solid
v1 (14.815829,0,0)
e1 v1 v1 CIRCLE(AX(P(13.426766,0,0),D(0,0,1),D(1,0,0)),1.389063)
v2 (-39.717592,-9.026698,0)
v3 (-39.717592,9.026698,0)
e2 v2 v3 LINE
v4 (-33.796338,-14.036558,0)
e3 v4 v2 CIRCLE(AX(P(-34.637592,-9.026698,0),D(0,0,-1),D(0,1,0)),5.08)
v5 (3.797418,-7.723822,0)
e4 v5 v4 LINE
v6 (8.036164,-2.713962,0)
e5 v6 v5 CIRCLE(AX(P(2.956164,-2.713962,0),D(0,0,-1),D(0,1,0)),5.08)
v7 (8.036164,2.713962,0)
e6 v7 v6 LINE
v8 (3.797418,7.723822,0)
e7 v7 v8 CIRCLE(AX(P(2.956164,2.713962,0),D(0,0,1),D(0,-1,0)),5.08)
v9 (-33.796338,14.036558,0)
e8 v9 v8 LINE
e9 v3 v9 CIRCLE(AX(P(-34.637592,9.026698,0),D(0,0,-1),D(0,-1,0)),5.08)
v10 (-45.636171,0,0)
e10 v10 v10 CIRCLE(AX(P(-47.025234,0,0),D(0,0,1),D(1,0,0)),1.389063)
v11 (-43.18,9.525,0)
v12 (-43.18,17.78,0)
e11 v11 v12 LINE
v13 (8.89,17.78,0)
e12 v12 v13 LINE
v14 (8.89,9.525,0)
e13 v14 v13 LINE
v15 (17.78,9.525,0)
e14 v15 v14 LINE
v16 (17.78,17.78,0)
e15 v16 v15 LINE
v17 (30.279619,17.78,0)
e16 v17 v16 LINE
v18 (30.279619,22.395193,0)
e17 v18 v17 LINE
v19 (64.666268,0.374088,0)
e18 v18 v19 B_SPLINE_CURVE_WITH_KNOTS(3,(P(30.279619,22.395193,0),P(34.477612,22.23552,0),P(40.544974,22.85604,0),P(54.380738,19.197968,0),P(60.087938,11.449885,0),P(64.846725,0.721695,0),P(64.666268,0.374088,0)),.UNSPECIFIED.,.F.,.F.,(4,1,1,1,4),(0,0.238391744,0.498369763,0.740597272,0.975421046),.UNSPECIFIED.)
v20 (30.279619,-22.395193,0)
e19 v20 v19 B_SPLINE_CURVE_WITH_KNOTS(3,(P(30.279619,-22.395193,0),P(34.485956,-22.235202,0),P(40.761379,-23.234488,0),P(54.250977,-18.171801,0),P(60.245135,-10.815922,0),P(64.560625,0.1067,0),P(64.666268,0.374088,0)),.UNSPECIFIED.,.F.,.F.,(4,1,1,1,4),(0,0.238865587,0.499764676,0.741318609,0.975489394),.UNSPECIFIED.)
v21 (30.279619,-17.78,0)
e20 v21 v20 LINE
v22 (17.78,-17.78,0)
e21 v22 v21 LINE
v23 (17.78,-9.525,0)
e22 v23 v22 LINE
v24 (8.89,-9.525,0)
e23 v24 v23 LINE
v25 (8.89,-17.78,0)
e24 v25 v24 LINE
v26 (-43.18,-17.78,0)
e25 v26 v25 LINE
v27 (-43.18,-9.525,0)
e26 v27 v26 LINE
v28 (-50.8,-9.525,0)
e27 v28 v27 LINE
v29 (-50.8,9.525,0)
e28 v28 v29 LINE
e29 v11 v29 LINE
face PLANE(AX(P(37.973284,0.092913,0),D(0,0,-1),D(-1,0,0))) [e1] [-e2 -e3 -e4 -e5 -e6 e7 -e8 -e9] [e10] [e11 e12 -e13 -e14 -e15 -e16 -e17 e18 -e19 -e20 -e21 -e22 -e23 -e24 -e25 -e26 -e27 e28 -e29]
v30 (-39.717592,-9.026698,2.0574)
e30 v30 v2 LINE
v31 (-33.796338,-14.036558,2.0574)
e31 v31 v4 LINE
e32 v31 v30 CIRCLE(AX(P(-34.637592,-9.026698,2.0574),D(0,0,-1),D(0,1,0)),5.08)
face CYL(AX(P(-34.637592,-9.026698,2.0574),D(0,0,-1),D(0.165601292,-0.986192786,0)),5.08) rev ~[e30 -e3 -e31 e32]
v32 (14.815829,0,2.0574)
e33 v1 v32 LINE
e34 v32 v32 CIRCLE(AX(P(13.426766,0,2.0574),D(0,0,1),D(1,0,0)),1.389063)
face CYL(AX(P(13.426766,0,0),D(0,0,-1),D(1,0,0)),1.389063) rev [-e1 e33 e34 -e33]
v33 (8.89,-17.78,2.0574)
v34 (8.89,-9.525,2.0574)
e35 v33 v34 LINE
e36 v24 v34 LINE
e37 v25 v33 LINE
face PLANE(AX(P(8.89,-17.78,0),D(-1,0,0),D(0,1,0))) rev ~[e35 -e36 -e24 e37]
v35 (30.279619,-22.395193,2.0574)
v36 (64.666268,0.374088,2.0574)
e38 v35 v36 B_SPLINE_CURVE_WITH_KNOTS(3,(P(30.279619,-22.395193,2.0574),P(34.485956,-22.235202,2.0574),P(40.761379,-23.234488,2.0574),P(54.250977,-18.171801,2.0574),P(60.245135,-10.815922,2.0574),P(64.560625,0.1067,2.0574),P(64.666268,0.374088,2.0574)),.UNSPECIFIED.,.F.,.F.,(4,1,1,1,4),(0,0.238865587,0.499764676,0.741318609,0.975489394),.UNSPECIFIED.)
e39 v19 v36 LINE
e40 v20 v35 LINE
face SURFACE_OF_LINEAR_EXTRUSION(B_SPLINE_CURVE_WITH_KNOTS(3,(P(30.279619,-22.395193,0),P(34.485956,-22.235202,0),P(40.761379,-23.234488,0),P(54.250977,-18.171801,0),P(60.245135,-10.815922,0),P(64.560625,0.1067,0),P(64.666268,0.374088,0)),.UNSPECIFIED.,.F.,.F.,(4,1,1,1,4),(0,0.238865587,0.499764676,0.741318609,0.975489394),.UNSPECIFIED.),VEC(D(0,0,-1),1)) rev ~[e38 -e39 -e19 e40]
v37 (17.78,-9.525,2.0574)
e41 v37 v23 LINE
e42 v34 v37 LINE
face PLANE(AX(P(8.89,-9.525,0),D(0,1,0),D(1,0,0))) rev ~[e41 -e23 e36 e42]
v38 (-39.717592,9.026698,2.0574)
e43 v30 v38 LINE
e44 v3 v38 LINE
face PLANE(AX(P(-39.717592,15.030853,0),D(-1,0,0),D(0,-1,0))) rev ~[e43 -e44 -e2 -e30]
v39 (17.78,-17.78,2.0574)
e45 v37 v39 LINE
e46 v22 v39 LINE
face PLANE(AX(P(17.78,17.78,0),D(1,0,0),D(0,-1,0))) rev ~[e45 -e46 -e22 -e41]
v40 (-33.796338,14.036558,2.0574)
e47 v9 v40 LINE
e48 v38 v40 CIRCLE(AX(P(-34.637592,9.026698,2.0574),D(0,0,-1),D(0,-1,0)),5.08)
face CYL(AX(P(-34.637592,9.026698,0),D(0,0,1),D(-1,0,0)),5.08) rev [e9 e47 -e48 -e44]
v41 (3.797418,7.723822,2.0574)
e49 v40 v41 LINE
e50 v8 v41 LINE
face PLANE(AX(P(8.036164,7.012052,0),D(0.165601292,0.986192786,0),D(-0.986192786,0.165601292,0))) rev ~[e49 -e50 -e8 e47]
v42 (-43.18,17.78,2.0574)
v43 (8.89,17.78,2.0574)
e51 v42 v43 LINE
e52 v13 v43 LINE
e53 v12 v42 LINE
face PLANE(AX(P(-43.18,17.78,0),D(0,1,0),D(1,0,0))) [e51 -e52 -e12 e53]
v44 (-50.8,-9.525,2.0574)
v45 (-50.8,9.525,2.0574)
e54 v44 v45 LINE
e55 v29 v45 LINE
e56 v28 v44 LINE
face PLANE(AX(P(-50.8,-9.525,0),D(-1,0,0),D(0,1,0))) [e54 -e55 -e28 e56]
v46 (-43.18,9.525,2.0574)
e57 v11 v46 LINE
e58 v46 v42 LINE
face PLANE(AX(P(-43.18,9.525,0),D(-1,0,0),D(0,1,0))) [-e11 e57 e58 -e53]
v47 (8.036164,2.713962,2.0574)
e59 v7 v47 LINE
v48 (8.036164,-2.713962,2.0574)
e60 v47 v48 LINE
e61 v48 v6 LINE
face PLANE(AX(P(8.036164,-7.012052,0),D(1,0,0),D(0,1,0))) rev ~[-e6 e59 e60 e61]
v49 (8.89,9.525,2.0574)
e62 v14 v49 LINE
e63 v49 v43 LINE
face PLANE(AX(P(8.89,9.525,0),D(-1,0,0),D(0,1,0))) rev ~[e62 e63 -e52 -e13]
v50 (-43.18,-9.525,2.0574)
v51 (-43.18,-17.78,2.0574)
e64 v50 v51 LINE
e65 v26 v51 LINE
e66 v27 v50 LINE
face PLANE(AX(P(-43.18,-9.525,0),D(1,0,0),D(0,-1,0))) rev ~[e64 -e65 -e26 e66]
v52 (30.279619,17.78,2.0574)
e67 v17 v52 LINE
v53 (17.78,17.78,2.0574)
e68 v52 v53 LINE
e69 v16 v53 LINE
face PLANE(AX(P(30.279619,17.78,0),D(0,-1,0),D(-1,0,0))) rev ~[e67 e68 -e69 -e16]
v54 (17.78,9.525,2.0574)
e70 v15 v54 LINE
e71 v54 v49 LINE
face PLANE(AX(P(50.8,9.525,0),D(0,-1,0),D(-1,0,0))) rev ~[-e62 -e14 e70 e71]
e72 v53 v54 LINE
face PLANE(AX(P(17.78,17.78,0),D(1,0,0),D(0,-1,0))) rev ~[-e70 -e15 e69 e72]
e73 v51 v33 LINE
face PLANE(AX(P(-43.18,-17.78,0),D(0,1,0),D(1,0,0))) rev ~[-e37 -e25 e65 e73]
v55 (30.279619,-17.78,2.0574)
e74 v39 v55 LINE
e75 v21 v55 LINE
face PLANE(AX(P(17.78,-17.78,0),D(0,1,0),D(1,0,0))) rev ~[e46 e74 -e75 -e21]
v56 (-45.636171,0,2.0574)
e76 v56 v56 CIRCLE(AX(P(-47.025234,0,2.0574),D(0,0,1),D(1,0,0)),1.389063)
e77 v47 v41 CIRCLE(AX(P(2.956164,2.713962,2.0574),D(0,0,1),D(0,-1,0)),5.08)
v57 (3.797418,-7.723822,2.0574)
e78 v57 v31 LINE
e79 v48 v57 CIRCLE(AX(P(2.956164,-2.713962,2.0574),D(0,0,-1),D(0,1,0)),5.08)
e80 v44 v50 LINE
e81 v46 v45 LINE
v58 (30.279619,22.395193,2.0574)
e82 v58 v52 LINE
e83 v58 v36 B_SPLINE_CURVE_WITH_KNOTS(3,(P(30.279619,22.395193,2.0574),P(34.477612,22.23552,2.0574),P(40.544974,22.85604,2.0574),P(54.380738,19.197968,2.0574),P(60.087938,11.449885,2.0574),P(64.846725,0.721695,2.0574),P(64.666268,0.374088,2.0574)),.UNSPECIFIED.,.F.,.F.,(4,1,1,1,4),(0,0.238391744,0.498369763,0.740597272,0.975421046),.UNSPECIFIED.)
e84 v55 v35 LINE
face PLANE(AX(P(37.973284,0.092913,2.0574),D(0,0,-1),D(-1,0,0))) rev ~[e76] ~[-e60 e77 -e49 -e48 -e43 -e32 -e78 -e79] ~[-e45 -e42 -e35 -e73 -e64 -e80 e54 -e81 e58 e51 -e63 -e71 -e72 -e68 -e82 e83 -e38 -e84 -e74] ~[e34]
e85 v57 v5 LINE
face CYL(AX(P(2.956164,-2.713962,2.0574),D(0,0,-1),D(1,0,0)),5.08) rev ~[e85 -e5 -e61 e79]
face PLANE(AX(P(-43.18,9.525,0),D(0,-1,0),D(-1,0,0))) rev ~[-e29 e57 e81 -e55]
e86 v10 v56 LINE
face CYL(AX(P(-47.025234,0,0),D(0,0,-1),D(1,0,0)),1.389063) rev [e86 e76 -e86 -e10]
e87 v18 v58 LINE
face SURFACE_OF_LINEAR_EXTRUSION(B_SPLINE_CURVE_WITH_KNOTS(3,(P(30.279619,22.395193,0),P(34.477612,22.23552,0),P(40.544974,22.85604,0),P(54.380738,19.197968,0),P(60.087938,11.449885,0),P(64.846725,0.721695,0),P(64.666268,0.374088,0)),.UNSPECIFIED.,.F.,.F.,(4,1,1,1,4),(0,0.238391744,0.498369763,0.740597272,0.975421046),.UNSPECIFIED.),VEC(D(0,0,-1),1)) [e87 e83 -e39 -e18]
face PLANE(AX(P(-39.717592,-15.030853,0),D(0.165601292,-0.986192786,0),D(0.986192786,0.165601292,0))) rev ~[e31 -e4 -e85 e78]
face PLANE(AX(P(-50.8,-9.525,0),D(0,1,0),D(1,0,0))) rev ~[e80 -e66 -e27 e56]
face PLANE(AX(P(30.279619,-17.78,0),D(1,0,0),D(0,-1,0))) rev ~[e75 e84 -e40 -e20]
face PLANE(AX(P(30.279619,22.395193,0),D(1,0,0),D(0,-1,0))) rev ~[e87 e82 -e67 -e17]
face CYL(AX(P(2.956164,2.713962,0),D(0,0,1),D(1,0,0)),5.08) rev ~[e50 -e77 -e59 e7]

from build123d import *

# Parameters (mm, degrees)
F0_W     = 41.91
F0_H     = 19.05
F0_R     = 1.3890625
F0_W_2   = 52.07
F0_H_2   = 8.255
F0_W_3   = 7.62
F1_DEPTH = 2.0574
F3_DEPTH = 2.0574
F5_DEPTH = 12.7
F6_R     = 5.08


with BuildPart() as f1:
    # F0 (on Top) → F1 (new body)
    with BuildSketch(Plane.XY):
        with Locations((29.845, 0)):
            Rectangle(F0_W, F0_H)
        with Locations((13.4267662017, 0)):
            Circle(F0_R, mode=Mode.SUBTRACT)
        with Locations((-17.145, -13.6525)):
            Rectangle(F0_W_2, F0_H_2)
        with Locations((-17.145, 0)):
            Rectangle(F0_W_2, F0_H)
        with Locations((-46.99, 0)):
            Rectangle(F0_W_3, F0_H)
        with Locations((-47.0252337983, 0)):
            Circle(F0_R, mode=Mode.SUBTRACT)
        with Locations((-17.145, 13.6525)):
            Rectangle(F0_W_2, F0_H_2)
    extrude(amount=F1_DEPTH)

    # F2 (on Top) → F3 (join)
    with BuildSketch(Plane.XY):
        with BuildLine():
            add(Edge.make_bspline(
                [(30.2796192753, 22.3951932201), (34.47761225, 22.2355197105), (40.54497388, 22.8560402759), (54.3807379627, 19.1979683007), (60.0879375817, 11.4498849698), (64.8467251166, 0.7216945038), (64.6662684157, 0.3740880638)],
                knots=[0, 0, 0, 0, 0.2383917442, 0.4983697633, 0.7405972723, 0.9754210457, 0.9754210457, 0.9754210457, 0.9754210457], degree=3))
            Line((30.2796192753, 22.3951932201), (30.2796192753, 17.78))
            Line((30.2796192753, 17.78), (17.78, 17.78))
            Line((17.78, 17.78), (17.78, 0))
            Line((17.78, 0), (17.78, -17.78))
            Line((17.78, -17.78), (30.2796192753, -17.78))
            Line((30.2796192753, -17.78), (30.2796192753, -22.3951932201))
            add(Edge.make_bspline(
                [(30.2796192753, -22.3951932201), (34.4859564493, -22.2352023333), (40.7613792543, -23.2344876139), (54.2509767666, -18.1718013245), (60.245134847, -10.8159221732), (64.5606245101, 0.1067004431), (64.6662684157, 0.3740880638)],
                knots=[0, 0, 0, 0, 0.2388655869, 0.4997646762, 0.7413186088, 0.9754893938, 0.9754893938, 0.9754893938, 0.9754893938], degree=3))
        make_face()
        with BuildLine():
            add(Edge.make_bspline(
                [(64.6662684157, 0.3740880638), (64.6773261408, 0.4020754691), (64.6662684157, 0.3740880638), (64.5520137623, 0.3740880638)],
                knots=[0.9754893938, 0.9754893938, 0.9754893938, 0.9754893938, 1, 1, 1, 1], degree=3))
            add(Edge.make_bspline(
                [(64.6662684157, 0.3740880638), (64.6473800513, 0.3377041719), (64.6008511396, 0.3553676853), (64.5520137623, 0.3740880638)],
                knots=[0.9754210457, 0.9754210457, 0.9754210457, 0.9754210457, 1, 1, 1, 1], degree=3))
        make_face(mode=Mode.SUBTRACT)
        with BuildLine():
            add(Edge.make_bspline(
                [(64.6662684157, 0.3740880638), (64.6473800513, 0.3377041719), (64.6008511396, 0.3553676853), (64.5520137623, 0.3740880638)],
                knots=[0.9754210457, 0.9754210457, 0.9754210457, 0.9754210457, 1, 1, 1, 1], degree=3))
            add(Edge.make_bspline(
                [(64.6662684157, 0.3740880638), (64.6773261408, 0.4020754691), (64.6662684157, 0.3740880638), (64.5520137623, 0.3740880638)],
                knots=[0.9754893938, 0.9754893938, 0.9754893938, 0.9754893938, 1, 1, 1, 1], degree=3))
        make_face()
    extrude(amount=F3_DEPTH)

    # F4 (on Top) → F5 (cut, symmetric)
    with BuildSketch(Plane.XY):
        Polygon((8.0361636356, -7.0120524615), (8.0361636356, 0), (8.0361636356, 7.0120524615), (-39.717592299, 15.0308534503), (-39.717592299, 0), (-39.717592299, -15.0308534503), align=None)
    extrude(amount=F5_DEPTH, both=True, mode=Mode.SUBTRACT)

    # F6
    f6_edges = [f1.edges().sort_by_distance(p)[0] for p in [
        (-39.717592, 15.030853, 1.0287),
        (8.036164, 7.012052, 1.0287),
        (8.036164, -7.012052, 1.0287),
        (-39.717592, -15.030853, 1.0287),
    ]]
    fillet(f6_edges, radius=F6_R)


solid = f1.part
